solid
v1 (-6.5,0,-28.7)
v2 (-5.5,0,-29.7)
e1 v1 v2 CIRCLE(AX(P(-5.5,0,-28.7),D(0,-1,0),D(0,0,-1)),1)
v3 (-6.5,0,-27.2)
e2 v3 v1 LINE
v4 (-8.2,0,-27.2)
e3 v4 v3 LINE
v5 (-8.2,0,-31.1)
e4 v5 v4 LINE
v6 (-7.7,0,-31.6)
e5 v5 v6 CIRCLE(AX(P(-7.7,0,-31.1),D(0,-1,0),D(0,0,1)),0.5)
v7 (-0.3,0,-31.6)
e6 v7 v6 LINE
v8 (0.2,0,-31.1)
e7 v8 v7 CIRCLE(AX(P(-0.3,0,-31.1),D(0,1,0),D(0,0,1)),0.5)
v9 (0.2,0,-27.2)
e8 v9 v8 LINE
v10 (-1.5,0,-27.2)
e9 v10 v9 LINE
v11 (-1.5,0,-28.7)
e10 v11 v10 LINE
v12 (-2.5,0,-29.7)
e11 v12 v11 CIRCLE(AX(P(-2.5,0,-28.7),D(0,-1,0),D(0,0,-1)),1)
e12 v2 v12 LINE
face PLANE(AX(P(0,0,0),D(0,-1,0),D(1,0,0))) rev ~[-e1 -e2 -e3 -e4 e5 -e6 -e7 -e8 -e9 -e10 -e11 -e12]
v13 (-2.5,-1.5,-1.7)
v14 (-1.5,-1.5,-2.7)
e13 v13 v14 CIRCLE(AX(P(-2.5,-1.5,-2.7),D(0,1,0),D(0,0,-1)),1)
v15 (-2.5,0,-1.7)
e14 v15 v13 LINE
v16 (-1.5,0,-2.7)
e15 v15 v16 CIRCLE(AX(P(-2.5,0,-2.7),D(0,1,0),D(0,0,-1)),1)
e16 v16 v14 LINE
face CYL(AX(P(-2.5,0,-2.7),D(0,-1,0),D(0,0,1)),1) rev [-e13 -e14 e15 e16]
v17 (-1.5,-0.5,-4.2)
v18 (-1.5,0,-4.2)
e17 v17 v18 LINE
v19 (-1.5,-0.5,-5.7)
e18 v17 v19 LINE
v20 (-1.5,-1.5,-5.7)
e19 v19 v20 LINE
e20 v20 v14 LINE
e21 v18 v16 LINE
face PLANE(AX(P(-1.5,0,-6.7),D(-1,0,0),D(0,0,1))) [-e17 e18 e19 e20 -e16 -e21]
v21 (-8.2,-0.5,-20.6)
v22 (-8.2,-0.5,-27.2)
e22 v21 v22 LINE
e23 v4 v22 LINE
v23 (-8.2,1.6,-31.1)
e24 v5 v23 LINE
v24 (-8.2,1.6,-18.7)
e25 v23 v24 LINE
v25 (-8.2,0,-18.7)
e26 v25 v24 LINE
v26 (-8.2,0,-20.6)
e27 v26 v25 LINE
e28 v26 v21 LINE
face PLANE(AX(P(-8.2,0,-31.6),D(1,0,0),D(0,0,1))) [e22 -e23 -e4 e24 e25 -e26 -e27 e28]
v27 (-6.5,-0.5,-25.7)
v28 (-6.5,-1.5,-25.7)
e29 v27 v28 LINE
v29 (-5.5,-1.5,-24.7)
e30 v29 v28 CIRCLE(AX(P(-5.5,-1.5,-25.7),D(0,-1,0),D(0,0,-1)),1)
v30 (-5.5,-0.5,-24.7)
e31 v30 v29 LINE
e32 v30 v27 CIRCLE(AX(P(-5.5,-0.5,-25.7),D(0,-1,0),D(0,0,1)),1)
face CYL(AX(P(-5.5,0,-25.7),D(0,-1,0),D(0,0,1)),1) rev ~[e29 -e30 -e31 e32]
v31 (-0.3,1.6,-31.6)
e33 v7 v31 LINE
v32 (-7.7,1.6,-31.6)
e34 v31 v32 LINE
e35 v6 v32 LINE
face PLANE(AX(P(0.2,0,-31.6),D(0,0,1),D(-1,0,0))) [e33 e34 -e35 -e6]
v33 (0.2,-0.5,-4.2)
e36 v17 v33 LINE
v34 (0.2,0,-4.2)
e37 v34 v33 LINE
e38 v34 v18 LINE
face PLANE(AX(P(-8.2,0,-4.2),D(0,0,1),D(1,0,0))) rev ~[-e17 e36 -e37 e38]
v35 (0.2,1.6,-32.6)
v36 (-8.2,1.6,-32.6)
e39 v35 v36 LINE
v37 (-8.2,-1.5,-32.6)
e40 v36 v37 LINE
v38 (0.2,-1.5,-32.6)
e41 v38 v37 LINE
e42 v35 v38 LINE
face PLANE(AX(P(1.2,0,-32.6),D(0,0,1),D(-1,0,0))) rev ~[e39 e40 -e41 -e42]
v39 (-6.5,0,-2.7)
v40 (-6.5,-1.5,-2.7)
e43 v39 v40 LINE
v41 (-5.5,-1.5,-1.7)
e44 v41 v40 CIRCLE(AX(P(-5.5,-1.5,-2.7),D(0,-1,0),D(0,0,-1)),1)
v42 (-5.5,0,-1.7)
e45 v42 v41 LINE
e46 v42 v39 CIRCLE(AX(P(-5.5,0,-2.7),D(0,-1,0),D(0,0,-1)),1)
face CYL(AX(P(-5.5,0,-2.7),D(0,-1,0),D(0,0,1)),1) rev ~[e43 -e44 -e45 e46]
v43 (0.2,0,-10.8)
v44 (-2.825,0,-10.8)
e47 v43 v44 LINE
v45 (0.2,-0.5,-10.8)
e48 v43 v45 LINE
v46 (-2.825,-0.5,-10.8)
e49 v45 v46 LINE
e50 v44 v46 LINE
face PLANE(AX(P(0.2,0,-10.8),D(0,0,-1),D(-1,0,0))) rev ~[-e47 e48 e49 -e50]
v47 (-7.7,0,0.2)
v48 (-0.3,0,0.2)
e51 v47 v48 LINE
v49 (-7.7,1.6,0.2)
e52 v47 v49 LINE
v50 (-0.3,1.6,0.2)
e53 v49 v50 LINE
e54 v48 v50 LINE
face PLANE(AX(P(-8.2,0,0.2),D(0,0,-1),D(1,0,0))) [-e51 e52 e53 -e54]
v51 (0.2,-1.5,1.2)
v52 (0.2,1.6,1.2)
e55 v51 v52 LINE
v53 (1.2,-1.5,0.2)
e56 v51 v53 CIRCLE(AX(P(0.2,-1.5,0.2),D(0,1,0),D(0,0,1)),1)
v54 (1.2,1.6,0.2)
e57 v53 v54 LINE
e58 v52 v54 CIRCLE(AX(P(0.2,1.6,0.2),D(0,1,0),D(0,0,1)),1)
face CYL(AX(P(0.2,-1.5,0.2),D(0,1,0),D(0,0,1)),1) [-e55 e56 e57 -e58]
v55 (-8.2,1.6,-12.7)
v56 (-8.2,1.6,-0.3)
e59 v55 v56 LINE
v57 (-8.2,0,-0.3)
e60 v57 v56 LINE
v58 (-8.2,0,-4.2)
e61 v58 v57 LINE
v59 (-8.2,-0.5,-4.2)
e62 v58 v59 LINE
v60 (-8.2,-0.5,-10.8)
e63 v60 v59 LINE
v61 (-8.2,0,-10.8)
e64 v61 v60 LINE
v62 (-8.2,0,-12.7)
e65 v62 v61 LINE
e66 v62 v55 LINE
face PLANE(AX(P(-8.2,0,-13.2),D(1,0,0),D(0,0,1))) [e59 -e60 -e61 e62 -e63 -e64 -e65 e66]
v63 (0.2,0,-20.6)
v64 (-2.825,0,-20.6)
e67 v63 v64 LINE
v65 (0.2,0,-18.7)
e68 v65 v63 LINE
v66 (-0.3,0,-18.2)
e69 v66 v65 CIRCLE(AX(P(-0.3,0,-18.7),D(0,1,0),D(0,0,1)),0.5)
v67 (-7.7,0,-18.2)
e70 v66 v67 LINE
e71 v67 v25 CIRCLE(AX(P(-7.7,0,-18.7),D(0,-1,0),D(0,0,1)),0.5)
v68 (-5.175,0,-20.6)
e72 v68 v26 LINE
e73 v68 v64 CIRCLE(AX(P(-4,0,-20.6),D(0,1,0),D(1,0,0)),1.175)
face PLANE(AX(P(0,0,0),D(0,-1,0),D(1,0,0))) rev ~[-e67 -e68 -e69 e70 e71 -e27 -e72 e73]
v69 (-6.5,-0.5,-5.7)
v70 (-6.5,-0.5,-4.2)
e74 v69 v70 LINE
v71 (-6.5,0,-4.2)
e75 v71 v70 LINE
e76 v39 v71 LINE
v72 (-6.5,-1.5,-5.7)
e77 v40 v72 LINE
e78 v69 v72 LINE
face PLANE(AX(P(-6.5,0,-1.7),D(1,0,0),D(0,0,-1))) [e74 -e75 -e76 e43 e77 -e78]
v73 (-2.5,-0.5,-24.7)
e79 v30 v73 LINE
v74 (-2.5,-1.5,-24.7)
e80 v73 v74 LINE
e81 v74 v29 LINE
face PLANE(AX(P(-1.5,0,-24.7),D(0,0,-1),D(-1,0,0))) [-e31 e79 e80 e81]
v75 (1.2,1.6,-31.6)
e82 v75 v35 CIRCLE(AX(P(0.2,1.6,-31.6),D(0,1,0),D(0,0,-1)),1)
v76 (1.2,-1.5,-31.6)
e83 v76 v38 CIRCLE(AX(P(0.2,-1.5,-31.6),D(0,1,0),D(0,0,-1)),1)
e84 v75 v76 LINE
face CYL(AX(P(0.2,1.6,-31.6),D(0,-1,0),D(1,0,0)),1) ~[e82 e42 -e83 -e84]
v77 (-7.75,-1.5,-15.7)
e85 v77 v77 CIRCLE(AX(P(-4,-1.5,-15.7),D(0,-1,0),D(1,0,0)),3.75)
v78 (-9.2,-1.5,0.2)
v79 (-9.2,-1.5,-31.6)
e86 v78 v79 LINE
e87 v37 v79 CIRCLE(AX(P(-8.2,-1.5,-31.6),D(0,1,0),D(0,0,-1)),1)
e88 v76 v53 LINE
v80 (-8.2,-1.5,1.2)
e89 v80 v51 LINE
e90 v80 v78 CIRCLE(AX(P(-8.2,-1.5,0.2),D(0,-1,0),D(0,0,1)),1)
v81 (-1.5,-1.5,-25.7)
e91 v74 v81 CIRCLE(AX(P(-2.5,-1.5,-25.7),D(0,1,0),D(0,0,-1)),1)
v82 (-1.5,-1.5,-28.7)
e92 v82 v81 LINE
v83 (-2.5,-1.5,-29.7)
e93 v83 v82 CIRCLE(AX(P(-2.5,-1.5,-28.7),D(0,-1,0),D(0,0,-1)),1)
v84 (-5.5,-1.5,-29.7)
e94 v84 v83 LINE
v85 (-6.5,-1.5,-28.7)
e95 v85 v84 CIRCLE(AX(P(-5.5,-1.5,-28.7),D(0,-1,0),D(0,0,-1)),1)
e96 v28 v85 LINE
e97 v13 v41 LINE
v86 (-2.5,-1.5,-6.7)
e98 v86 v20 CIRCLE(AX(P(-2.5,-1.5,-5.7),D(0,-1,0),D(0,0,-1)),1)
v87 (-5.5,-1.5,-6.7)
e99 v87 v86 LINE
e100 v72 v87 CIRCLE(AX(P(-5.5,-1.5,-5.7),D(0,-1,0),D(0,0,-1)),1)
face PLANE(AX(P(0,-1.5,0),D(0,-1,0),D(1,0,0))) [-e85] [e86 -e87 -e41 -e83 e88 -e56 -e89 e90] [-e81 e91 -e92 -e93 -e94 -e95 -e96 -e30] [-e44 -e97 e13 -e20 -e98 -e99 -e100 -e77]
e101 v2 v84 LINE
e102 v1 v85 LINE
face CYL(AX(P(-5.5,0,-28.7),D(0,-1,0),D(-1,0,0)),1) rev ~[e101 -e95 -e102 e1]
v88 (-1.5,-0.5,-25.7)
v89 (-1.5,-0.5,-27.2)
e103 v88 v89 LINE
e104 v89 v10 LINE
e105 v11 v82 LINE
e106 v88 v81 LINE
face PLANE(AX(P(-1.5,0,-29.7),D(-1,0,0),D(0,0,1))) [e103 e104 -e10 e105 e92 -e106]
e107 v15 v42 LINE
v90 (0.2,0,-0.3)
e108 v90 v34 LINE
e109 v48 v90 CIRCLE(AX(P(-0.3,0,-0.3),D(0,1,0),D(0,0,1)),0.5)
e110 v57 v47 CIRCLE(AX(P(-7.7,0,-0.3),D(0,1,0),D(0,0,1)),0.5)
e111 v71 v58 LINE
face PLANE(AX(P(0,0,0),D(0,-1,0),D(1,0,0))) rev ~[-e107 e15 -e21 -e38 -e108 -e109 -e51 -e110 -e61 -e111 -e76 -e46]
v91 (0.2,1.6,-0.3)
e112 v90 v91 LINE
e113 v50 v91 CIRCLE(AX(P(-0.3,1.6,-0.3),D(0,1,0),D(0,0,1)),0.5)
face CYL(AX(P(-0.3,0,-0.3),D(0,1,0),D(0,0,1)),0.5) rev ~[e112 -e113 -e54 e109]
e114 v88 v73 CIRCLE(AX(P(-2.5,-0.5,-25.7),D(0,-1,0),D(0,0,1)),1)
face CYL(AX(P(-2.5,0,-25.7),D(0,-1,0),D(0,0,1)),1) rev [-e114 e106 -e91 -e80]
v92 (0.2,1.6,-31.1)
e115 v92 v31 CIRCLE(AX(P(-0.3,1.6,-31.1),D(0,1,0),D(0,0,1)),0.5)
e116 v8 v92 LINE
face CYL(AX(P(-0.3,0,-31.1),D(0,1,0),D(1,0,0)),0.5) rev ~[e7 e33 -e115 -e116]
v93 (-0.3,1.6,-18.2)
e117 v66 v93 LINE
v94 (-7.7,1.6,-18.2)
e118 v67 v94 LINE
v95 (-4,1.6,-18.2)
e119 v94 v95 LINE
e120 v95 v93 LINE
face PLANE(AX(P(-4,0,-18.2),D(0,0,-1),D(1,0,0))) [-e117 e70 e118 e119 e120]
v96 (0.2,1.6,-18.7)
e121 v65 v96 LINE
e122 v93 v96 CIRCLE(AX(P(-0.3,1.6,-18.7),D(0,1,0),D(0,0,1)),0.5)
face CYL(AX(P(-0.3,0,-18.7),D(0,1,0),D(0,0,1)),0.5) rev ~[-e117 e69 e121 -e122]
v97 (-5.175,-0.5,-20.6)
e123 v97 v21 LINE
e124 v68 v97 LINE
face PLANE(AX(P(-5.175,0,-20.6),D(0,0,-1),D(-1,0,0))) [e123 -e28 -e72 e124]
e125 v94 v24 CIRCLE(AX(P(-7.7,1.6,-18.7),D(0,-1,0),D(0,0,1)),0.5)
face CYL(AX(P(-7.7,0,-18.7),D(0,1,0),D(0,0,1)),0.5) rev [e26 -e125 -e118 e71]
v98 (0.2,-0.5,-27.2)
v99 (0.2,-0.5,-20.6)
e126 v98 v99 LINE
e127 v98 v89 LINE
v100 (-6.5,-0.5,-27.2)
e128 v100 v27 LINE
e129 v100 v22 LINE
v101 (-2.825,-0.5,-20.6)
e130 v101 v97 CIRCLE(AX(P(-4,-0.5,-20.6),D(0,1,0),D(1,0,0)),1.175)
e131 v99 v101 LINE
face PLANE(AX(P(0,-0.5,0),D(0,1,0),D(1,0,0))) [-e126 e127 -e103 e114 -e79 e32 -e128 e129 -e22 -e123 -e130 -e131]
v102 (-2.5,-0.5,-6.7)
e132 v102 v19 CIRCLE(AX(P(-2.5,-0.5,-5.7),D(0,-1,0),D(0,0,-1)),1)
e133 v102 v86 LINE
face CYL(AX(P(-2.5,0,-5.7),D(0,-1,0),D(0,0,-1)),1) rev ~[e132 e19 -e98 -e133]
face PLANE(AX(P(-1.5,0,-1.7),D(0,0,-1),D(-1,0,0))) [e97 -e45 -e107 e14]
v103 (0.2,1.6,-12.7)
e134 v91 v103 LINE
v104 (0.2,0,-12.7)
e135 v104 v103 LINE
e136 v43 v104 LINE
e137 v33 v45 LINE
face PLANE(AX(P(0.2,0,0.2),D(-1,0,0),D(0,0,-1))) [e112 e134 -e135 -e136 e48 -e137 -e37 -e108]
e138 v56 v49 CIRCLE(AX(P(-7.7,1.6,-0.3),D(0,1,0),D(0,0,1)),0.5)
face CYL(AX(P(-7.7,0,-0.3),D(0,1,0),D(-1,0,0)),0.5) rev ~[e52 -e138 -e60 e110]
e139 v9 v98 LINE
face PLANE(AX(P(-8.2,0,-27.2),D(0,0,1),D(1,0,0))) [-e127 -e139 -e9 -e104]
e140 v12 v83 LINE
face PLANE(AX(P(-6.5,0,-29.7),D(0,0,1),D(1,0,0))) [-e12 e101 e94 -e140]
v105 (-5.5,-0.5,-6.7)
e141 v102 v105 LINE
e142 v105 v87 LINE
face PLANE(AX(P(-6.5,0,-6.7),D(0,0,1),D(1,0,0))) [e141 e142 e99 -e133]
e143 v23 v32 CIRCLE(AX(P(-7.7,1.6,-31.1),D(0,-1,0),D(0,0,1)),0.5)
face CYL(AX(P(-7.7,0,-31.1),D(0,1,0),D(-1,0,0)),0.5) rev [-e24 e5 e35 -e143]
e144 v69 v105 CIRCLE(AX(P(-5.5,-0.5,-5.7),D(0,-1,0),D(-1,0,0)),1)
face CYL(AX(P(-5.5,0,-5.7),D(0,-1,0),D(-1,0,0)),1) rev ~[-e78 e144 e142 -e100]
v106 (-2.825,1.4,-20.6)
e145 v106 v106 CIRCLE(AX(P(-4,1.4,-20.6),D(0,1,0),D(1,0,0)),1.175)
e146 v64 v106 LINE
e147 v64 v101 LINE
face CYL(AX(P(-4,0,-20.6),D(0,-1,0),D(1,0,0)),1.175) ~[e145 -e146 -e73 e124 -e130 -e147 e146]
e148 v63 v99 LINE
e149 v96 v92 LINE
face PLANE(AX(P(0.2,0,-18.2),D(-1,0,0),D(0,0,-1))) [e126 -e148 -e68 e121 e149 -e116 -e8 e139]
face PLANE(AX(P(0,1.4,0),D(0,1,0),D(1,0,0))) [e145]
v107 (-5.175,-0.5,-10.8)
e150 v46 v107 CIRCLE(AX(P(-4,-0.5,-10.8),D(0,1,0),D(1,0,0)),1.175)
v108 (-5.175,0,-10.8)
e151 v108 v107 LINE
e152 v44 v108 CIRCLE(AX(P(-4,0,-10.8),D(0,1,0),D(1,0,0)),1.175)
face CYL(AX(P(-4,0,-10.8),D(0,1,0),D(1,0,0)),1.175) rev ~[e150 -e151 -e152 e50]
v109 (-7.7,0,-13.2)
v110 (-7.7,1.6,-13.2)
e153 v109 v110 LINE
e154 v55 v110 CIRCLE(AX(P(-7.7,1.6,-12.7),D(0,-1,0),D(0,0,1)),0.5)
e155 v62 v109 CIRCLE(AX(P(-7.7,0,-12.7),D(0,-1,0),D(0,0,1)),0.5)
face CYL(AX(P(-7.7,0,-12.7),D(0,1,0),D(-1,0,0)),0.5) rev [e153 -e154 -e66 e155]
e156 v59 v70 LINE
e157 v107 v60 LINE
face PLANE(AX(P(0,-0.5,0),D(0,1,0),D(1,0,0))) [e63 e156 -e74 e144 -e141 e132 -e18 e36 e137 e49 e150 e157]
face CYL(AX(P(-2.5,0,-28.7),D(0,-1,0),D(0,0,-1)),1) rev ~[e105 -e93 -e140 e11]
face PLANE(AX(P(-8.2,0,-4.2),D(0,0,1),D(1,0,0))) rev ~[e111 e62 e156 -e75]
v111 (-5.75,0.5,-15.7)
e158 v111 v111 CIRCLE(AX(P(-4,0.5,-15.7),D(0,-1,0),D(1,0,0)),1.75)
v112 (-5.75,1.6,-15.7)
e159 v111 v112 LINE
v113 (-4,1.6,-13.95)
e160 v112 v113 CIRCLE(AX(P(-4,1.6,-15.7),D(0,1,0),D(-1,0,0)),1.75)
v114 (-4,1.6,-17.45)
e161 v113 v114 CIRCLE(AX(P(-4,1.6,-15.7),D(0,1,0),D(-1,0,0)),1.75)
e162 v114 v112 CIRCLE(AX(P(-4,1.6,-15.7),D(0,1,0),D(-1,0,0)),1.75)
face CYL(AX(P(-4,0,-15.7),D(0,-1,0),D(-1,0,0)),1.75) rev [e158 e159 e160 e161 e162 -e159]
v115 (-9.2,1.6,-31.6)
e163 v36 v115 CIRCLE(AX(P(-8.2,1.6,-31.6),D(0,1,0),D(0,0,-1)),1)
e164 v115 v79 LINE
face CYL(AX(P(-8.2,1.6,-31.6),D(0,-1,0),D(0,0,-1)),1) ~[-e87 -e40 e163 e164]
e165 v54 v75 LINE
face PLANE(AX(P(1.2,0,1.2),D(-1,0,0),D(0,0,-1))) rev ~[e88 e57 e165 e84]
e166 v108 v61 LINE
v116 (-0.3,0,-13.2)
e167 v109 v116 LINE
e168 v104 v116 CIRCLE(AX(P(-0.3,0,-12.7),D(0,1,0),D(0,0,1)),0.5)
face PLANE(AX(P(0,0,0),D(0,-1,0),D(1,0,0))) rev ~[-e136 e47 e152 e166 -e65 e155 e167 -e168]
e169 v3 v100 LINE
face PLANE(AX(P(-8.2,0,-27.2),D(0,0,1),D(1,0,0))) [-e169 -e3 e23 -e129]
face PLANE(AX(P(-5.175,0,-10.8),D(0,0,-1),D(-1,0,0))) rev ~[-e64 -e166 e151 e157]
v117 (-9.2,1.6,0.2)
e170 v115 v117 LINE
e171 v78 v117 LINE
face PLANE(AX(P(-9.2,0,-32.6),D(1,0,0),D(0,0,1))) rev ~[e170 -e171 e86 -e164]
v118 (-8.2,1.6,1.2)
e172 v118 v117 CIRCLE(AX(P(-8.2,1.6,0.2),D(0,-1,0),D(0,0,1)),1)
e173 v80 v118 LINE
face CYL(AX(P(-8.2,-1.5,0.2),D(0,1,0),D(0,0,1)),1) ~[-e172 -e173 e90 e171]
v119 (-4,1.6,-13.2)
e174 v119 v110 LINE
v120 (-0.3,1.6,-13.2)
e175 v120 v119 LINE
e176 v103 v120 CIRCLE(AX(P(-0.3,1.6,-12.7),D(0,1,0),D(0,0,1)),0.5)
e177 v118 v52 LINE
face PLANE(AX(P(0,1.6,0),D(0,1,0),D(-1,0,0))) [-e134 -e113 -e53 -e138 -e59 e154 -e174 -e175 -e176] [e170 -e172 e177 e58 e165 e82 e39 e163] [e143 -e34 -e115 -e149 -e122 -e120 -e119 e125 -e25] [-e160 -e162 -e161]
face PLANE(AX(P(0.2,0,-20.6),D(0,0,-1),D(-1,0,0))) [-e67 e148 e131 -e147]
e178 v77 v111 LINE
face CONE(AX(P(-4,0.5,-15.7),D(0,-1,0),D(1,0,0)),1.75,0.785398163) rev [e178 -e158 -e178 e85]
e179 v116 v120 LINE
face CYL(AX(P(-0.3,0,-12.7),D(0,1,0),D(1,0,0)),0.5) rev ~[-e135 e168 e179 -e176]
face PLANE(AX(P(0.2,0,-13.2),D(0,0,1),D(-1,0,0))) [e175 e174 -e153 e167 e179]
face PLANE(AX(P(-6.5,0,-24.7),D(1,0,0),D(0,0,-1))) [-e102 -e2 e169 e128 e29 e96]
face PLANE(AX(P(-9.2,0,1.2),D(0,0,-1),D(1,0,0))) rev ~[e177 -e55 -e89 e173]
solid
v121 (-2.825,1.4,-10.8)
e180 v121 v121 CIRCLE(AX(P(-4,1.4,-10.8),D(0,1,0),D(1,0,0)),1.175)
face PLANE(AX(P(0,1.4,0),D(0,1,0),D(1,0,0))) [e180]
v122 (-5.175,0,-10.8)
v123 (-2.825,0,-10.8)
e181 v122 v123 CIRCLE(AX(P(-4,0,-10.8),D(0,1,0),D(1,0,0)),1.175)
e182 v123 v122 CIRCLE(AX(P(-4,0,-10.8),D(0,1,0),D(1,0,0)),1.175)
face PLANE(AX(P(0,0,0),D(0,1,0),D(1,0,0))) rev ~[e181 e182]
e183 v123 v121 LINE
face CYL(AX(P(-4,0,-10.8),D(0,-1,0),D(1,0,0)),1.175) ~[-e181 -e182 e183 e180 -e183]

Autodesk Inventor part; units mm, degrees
ref_plane "YZ Plane" through (0, 0, 0) normal (1, 0, 0) x (0, 1, 0)
ref_plane "XZ Plane" through (0, 0, 0) normal (0, 1, 0) x (-1, 0, 0)
ref_plane "XY Plane" through (0, 0, 0) normal (0, 0, 1) x (1, 0, 0)
sketch "Sketch1" plane through (0, 0, 0) normal (0, 1, 0) x (-1, 0, 0)
  line L0 (0, 0) -> (8, 0)
  line L1 (8, 0) -> (8, -13)
  line L2 (8, -13) -> (0, -13)
  line L3 (0, -13) -> (0, 0)
  line L4 (8.2, -13.2) -> (8.2, 0.2)
  line L5 (8.2, 0.2) -> (-0.2, 0.2)
  line L6 (-0.2, 0.2) -> (-0.2, -13.2)
  line L7 (-0.2, -13.2) -> (8.2, -13.2)
  line L8 (0, -18.4) -> (8, -18.4)
  line L9 (8, -18.4) -> (8, -31.4)
  line L10 (8, -31.4) -> (0, -31.4)
  line L11 (0, -31.4) -> (0, -18.4)
  line L12 (8.2, -31.6) -> (8.2, -18.2)
  line L13 (8.2, -18.2) -> (-0.2, -18.2)
  line L14 (-0.2, -18.2) -> (-0.2, -31.6)
  line L15 (-0.2, -31.6) -> (8.2, -31.6)
  line L16 (9.2, 1.2) -> (-1.2, 1.2)
  line L17 (-1.2, 1.2) -> (-1.2, -32.6)
  line L18 (-1.2, -32.6) -> (9.2, -32.6)
  line L19 (9.2, -32.6) -> (9.2, 1.2)
  circle A0 centre (4, -15.7) radius 1.75
  line L20 (4, -18.2) -> (4, -13.2)
  dimension "d0" = 8
  dimension "d1" = 13
  dimension "d2" = 0.2
  dimension "d3" = 0.2
  dimension "d4" = 3.5
  dimension "d5" = 2.5
  dimension "d6" = 2.5
  dimension "d7" = 1
  dimension "d8" = 1
  dimension "d9" = 1
  dimension "d10" = 1
extrude "Extrusion1" add sketch "Sketch1" along normal blind 1.6 contours L19 L18 L17 L16
sketch "Sketch2" plane through (0, 0, 0) normal (0, -1, 0) x (1, 0, 0)
  line L0 (-9.2, 1.2) -> (1.2, 1.2) projected
  line L1 (1.2, -32.6) -> (-9.2, -32.6) projected
  line L2 (1.2, 1.2) -> (-9.2, 1.2)
  line L3 (-9.2, 1.2) -> (-9.2, -32.6)
  line L4 (-9.2, -32.6) -> (1.2, -32.6)
  line L5 (1.2, -32.6) -> (1.2, 1.2)
  circle A0 centre (-4, -15.7) radius 1.75 projected
  circle A1 centre (-4, -15.7) radius 1.75
  line L6 (-1.5, -24.7) -> (-6.5, -24.7)
  line L7 (-6.5, -24.7) -> (-6.5, -29.7)
  line L8 (-6.5, -29.7) -> (-1.5, -29.7)
  line L9 (-1.5, -29.7) -> (-1.5, -24.7)
  line L10 (-1.5, -1.7) -> (-6.5, -1.7)
  line L11 (-6.5, -1.7) -> (-6.5, -6.7)
  line L12 (-6.5, -6.7) -> (-1.5, -6.7)
  line L13 (-1.5, -6.7) -> (-1.5, -1.7)
  line L14 (-8.2, -18.2) -> (-8.2, -31.6) projected
  line L15 (-8.2, -31.6) -> (0.2, -31.6) projected
  line L16 (0.2, -18.2) -> (-8.2, -18.2) projected
  line L17 (-4, -18.2) -> (-4, -23.5281)
  line L18 (-8.2, -13.2) -> (0.2, -13.2) projected
  line L19 (0.2, 0.2) -> (-8.2, 0.2) projected
  point P0 (0, 0)
  dimension "d14" = 5
  dimension "d15" = 1.9
  dimension "d16" = 5
  dimension "d39" = 1.9
extrude "Extrusion2" add sketch "Sketch2" along normal blind 1.5
sketch "Sketch3" plane through (0, 0, 0) normal (0, 1, 0) x (1, 0, 0)
  circle A0 centre (-4, 10.8) radius 1.175
  circle A1 centre (-4, 20.6) radius 1.175
  line L0 (0.2, 18.2) -> (-8.2, 18.2) projected
  circle A2 centre (-4, 15.7) radius 1.75 projected
  line L1 (0.2, -0.2) -> (-8.2, -0.2) projected
  line L2 (-6.5, 24.7) -> (-1.5, 24.7) projected
  line L3 (-6.5, 1.7) -> (-1.5, 1.7) projected
  line L4 (-1.5, 6.7) -> (-6.5, 6.7) projected
  point P0 (0, 0)
  dimension "d22" = 2.35
  dimension "d37" = 4.1
  dimension "d40" = 4.1
extrude "Extrusion3" add sketch "Sketch3" along normal blind 1.4 contours A0 | A1
chamfer "Chamfer1" distance 2 angle 45 1 edges at (-5.75, -1.5, -15.7)
fillet "Fillet1" radius 1 4 edges at (-9.2, 0.05, 1.2) (1.2, 0.05, 1.2) (-9.2, 0.05, -32.6) (1.2, 0.05, -32.6)
fillet "Fillet2" radius 1 8 edges at (-6.5, -0.75, -1.7) (-1.5, -0.75, -1.7) (-1.5, -0.75, -6.7) (-6.5, -0.75, -6.7) (-6.5, -0.75, -24.7) (-1.5, -0.75, -24.7) (-1.5, -0.75, -29.7) (-6.5, -0.75, -29.7)
fillet "Fillet3" radius 0.5 8 edges at (0.2, 0.8, -31.6) (-8.2, 0.8, -31.6) (-8.2, 0.8, -18.2) (0.2, 0.8, -18.2) (0.2, 0.8, -13.2) (-8.2, 0.8, -13.2) (-8.2, 0.8, 0.2) (0.2, 0.8, 0.2)
sketch "Sketch4" plane through (0, 0, 0) normal (0, 1, 0) x (1, 0, 0)
  line L0 (-8.2, 27.2) -> (0.2, 27.2)
  line L1 (0.2, 27.2) -> (0.2, 20.6)
  line L2 (0.2, 20.6) -> (-8.2, 20.6)
  line L3 (-8.2, 20.6) -> (-8.2, 27.2)
  line L4 (-8.2, 4.2) -> (0.2, 4.2)
  line L5 (0.2, 4.2) -> (0.2, 10.8)
  line L6 (0.2, 10.8) -> (-8.2, 10.8)
  line L7 (-8.2, 10.8) -> (-8.2, 4.2)
  line L8 (-8.2, 18.7) -> (-8.2, 31.1) projected
  line L9 (0.2, 31.1) -> (0.2, 18.7) projected
  line L10 (-5.5, 24.7) -> (-2.5, 24.7) projected
  circle A0 centre (-4, 20.6) radius 1.175 projected
  circle A1 centre (-4, 10.8) radius 1.175 projected
  line L11 (-5.5, 1.7) -> (-2.5, 1.7) projected
  line L12 (-1.5, 25.7) -> (-1.5, 28.7) projected
  line L13 (-1.5, 2.7) -> (-1.5, 5.7) projected
  point P0 (0, 0)
  point P1 (-5.175, 10.8)
  point P2 (-2.825, 10.8)
  point P3 (-5.175, 20.6)
  point P4 (-2.825, 20.6)
  point P5 (-1.5, 27.2)
  point P6 (-1.5, 4.2)
extrude "Extrusion4" cut sketch "Sketch4" against normal blind 0.5 contours L0 L1 L2 A0 L3 | L7 L6 A1 L5 L4 | A1 L6 | L6 A1
equation "\"d3\" = d2"
equation "\"d6\" = d5"
equation "\"d8\" = d7"
equation "\"d10\" = d9"
equation "\"d39\" = d15"
equation "\"d40\" = d37"
properties part number "LineSensorPlate"
